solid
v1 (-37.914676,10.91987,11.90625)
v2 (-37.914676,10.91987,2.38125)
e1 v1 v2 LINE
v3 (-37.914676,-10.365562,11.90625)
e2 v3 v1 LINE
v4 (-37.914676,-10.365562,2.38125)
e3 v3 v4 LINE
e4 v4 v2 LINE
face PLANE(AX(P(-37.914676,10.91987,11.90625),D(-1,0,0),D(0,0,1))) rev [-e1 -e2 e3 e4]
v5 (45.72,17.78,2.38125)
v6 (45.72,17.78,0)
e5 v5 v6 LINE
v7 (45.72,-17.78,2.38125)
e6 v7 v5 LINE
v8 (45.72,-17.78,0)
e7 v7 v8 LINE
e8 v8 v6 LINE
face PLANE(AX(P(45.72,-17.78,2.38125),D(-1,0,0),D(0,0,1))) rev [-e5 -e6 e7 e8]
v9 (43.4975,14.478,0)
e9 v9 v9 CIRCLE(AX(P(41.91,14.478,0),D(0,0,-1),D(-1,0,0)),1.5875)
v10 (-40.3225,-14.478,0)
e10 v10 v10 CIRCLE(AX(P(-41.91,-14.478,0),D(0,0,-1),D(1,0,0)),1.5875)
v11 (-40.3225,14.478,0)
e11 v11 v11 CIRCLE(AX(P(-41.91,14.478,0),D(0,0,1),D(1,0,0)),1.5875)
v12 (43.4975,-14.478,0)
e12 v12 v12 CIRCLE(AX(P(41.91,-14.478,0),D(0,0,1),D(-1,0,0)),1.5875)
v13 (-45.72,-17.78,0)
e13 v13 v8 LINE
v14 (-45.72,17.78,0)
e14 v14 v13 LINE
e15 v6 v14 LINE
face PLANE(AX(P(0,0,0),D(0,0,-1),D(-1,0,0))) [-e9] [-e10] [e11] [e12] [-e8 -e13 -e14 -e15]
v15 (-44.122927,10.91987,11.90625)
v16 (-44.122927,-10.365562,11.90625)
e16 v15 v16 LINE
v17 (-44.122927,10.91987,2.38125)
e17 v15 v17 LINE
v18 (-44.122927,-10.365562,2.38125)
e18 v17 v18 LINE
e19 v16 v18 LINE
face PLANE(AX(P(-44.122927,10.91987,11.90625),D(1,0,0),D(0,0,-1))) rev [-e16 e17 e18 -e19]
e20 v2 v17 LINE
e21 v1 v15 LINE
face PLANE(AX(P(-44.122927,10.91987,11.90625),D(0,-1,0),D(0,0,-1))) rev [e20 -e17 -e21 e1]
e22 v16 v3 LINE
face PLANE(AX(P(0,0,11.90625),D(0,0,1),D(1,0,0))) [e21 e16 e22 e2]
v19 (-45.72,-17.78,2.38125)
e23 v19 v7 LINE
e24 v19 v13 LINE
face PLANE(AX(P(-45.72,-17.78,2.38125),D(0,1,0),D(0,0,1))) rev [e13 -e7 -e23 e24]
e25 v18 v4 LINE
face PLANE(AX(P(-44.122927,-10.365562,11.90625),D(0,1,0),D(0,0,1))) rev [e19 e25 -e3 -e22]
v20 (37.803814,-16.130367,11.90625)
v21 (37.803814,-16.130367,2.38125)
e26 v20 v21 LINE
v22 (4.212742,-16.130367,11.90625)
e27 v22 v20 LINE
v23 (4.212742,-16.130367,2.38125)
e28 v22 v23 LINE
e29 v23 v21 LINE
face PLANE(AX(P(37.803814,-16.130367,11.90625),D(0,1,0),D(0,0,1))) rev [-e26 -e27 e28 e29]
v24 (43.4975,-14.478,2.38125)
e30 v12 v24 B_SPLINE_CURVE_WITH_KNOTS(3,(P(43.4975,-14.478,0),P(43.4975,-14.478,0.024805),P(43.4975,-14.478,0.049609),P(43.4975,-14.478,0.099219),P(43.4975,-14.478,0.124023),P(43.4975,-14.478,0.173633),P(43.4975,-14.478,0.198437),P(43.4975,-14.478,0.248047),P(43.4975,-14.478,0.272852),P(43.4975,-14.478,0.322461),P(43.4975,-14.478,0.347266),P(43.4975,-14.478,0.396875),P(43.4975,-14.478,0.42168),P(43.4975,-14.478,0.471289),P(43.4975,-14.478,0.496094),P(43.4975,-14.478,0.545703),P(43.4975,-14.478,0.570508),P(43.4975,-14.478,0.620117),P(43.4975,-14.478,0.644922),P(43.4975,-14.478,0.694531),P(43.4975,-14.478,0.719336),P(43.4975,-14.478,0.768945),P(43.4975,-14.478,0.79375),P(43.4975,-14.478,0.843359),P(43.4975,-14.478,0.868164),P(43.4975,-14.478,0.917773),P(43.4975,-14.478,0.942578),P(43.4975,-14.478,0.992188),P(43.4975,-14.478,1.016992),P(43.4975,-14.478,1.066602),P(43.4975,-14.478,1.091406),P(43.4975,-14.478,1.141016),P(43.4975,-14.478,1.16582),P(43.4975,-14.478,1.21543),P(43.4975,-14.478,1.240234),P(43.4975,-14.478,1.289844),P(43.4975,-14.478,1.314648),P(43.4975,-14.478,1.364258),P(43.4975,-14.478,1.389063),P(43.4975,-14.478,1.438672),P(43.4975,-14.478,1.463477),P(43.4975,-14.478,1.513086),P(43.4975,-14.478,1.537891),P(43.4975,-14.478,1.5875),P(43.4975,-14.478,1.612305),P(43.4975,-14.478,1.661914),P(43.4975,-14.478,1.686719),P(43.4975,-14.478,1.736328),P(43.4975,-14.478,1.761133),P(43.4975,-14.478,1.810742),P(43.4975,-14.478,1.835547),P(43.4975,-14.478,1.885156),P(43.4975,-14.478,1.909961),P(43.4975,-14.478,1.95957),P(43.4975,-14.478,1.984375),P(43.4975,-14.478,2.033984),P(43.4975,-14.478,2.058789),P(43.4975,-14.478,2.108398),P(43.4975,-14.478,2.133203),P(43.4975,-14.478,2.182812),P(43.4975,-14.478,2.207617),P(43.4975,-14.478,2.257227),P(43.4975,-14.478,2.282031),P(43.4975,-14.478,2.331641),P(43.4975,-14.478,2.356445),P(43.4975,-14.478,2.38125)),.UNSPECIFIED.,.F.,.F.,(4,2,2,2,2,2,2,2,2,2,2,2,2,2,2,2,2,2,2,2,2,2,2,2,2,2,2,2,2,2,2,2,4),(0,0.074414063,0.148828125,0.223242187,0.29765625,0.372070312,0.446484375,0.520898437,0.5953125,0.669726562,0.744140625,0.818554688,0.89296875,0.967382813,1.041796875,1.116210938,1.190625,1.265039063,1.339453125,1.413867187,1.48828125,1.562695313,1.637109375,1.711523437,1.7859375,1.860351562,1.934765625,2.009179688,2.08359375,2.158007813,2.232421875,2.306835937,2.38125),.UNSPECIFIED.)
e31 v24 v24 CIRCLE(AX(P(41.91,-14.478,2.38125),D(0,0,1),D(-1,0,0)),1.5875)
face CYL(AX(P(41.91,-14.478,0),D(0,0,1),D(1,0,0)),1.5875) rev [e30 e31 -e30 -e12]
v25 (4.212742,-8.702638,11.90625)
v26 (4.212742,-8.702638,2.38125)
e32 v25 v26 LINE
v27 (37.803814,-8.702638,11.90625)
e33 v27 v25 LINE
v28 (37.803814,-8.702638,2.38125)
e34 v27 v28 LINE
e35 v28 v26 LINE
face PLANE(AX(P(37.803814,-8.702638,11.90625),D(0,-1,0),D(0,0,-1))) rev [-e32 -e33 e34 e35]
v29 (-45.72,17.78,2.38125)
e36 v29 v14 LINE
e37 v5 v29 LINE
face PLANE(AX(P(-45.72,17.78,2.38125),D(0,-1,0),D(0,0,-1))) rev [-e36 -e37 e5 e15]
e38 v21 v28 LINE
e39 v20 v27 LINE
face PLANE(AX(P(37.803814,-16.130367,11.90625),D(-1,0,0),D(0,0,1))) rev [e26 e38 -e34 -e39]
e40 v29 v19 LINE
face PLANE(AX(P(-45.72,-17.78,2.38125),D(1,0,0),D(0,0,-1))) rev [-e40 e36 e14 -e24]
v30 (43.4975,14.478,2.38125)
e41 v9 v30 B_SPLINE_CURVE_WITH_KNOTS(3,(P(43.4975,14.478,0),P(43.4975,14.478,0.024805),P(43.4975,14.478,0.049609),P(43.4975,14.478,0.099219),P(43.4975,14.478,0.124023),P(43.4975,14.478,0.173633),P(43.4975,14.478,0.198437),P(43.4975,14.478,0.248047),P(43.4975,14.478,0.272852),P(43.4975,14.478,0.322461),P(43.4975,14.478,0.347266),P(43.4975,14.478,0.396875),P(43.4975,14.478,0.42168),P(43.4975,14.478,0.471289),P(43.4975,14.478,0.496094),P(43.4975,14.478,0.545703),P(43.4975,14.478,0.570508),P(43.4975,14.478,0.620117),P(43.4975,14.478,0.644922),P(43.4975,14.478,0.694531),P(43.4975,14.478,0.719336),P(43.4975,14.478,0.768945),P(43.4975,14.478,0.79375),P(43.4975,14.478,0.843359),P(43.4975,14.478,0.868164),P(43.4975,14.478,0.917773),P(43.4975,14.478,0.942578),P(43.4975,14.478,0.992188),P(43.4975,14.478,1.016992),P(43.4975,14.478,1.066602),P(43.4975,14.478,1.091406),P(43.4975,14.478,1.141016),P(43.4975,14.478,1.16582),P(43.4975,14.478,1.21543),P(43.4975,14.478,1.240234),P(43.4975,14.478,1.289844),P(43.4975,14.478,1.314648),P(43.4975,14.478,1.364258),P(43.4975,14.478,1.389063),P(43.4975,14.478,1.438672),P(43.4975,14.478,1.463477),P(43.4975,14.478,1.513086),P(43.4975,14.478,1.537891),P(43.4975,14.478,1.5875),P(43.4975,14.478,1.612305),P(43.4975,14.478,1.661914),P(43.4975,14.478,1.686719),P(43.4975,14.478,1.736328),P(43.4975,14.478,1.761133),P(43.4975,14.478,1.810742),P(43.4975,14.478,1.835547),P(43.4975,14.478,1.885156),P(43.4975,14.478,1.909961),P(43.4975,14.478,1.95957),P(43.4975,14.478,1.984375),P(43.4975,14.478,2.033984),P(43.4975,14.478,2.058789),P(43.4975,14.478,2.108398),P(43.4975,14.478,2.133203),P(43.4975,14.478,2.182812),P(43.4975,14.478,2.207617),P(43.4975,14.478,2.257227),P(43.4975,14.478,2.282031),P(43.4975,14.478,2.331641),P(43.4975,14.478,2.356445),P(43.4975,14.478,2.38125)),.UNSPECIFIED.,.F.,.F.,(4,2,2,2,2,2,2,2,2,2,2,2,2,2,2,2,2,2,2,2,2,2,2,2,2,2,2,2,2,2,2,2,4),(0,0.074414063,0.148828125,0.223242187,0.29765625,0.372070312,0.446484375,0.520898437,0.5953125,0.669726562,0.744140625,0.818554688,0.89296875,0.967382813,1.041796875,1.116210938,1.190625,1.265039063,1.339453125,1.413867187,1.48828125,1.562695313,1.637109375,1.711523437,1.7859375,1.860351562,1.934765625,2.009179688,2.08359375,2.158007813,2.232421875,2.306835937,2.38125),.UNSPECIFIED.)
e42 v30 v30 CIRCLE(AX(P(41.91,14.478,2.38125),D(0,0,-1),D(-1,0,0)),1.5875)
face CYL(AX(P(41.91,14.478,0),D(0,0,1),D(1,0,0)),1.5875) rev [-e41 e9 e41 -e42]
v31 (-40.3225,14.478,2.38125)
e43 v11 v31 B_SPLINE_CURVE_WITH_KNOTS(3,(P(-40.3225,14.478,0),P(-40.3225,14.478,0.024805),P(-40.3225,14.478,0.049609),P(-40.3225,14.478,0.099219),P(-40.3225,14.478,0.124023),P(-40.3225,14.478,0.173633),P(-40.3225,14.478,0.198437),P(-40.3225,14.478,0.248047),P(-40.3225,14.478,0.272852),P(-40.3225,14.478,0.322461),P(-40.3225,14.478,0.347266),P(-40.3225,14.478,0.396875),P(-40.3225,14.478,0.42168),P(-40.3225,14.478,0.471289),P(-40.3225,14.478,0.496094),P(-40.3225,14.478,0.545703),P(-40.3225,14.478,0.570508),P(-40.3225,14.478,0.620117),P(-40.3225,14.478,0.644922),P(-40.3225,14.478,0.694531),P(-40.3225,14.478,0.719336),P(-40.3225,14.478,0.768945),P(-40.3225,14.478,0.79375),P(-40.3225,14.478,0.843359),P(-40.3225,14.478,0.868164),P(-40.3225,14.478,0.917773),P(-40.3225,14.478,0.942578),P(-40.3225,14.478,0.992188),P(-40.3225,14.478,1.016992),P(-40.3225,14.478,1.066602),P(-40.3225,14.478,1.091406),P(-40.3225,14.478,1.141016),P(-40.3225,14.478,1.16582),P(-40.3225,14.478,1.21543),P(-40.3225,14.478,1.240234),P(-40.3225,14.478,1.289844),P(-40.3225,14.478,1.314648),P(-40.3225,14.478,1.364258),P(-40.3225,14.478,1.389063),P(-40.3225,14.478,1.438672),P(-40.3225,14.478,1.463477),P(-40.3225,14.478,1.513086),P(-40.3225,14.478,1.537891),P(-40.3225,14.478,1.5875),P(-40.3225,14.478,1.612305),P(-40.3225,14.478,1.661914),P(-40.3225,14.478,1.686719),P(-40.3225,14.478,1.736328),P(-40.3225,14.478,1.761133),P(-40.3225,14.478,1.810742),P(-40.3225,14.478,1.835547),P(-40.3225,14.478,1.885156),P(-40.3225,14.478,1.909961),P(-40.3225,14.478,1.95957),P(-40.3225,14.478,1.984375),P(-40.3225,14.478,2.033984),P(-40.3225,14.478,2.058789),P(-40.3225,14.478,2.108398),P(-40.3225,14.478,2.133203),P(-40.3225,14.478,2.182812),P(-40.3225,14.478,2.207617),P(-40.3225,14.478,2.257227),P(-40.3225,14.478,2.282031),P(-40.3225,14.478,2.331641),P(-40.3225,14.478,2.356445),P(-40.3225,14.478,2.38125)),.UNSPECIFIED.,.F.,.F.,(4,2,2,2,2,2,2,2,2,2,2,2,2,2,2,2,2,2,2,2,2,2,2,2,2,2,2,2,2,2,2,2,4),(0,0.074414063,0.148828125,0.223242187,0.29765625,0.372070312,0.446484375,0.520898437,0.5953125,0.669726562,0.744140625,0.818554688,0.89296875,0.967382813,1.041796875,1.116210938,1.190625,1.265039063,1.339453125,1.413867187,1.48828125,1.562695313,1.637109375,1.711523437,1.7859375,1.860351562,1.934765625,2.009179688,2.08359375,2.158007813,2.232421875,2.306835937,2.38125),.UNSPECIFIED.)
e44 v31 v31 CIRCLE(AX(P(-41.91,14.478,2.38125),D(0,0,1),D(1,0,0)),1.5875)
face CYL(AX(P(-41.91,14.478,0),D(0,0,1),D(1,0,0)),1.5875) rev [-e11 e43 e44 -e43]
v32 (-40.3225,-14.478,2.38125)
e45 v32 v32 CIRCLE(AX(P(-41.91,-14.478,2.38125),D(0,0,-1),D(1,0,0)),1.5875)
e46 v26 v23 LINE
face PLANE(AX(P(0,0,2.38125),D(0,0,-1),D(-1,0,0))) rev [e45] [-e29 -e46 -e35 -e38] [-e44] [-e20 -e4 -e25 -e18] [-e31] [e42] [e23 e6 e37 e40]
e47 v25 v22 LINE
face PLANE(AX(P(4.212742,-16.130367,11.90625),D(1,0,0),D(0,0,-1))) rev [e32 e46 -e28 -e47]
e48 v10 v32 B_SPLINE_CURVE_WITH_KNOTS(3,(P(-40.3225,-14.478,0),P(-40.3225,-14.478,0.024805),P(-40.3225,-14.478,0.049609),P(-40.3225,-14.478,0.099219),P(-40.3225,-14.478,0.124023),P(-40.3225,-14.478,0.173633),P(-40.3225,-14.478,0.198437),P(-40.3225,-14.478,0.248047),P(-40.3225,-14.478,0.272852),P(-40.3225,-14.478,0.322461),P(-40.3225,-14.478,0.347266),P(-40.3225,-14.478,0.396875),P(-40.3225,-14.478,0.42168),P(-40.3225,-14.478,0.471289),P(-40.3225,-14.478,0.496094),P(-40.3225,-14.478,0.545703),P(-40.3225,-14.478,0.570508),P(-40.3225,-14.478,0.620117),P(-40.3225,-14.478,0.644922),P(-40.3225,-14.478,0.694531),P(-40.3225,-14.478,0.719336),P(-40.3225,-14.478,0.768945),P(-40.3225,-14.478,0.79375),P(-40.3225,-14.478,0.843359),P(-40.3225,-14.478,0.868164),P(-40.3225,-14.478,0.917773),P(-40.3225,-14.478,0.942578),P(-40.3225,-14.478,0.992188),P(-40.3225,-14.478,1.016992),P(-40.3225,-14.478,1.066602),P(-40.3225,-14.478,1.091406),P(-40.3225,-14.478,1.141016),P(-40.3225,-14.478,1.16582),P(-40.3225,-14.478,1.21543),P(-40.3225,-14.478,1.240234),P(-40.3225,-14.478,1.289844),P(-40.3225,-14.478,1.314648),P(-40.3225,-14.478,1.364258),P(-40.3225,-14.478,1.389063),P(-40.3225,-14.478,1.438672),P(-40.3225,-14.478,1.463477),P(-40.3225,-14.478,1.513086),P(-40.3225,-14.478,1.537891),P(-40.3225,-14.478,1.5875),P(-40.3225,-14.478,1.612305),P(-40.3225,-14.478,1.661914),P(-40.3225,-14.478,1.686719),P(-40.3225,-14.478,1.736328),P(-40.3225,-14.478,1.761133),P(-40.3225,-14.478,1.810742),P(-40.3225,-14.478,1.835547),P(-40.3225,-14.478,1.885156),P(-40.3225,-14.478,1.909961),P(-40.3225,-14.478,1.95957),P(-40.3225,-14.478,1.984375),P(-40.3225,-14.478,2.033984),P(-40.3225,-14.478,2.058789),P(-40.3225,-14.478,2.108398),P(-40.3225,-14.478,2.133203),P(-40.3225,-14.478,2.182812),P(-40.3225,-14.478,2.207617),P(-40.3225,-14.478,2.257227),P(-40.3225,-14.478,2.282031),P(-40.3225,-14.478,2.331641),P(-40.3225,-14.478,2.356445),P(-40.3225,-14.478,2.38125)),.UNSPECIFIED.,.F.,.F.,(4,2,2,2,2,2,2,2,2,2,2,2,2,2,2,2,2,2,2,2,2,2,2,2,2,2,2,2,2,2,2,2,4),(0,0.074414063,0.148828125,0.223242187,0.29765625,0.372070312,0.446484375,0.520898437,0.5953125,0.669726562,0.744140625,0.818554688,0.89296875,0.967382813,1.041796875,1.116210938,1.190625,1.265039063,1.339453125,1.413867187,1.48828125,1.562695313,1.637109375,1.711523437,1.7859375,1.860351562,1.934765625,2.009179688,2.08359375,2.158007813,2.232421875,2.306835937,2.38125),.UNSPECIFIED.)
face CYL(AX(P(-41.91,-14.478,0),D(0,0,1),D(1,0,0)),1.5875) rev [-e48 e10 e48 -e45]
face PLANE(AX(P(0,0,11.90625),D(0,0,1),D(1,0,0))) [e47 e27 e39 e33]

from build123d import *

# Parameters (mm, degrees)
SKETCH1_W               = 91.44
SKETCH1_H               = 35.56
BOSS_EXTRUDE1_DEPTH     = 2.38125
SKETCH2_R               = 1.5875
CUT_EXTRUDE1_DEPTH      = 50.113309312
MIRROR2_COPY_1_SKETCH_R = 1.5875
MIRROR2_COPY_1_DEPTH    = 50.113309312
SKETCH3_W               = 6.208251033
SKETCH3_H               = 21.285432112
SKETCH3_W_2             = 33.591072552
SKETCH3_H_2             = 7.427728914
BOSS_EXTRUDE2_DEPTH     = 9.525


with BuildPart() as part:
    # Sketch1 → Boss-Extrude1 (new body)
    with BuildSketch(Plane.XY):
        Rectangle(SKETCH1_W, SKETCH1_H)
    extrude(amount=BOSS_EXTRUDE1_DEPTH)

    # Sketch2 → Cut-Extrude1 (cut, through all)
    with BuildSketch(Plane.XY.offset(2.38125)):
        with Locations((-41.91, 14.478)):
            Circle(SKETCH2_R)
    cut_extrude1 = extrude(amount=-CUT_EXTRUDE1_DEPTH, mode=Mode.SUBTRACT)

    # Mirror1: Cut-Extrude1 across plane
    add(cut_extrude1.mirror(Plane(origin=(0, 0, 0), x_dir=(0, 0, 1), z_dir=(1, 0, 0))), mode=Mode.SUBTRACT)

    # Mirror2: Cut-Extrude1 across plane
    add(cut_extrude1.mirror(Plane.ZX), mode=Mode.SUBTRACT)

    # Mirror2 copy 1 sketch → Mirror2 copy 1 (cut, through all)
    with BuildSketch(Plane(origin=(0, 0, 2.38125), x_dir=(-1, 0, 0), z_dir=(0, 0, 1))):
        with Locations((-41.91, 14.478)):
            Circle(MIRROR2_COPY_1_SKETCH_R)
    extrude(amount=-MIRROR2_COPY_1_DEPTH, mode=Mode.SUBTRACT)

    # Sketch3 → Boss-Extrude2 (add)
    with BuildSketch(Plane.XY.offset(2.38125)):
        with Locations((-41.018801466, 0.277154064)):
            Rectangle(SKETCH3_W, SKETCH3_H)
        with Locations((21.008278048, -12.416502065)):
            Rectangle(SKETCH3_W_2, SKETCH3_H_2)
    extrude(amount=BOSS_EXTRUDE2_DEPTH)


solid = part.part
